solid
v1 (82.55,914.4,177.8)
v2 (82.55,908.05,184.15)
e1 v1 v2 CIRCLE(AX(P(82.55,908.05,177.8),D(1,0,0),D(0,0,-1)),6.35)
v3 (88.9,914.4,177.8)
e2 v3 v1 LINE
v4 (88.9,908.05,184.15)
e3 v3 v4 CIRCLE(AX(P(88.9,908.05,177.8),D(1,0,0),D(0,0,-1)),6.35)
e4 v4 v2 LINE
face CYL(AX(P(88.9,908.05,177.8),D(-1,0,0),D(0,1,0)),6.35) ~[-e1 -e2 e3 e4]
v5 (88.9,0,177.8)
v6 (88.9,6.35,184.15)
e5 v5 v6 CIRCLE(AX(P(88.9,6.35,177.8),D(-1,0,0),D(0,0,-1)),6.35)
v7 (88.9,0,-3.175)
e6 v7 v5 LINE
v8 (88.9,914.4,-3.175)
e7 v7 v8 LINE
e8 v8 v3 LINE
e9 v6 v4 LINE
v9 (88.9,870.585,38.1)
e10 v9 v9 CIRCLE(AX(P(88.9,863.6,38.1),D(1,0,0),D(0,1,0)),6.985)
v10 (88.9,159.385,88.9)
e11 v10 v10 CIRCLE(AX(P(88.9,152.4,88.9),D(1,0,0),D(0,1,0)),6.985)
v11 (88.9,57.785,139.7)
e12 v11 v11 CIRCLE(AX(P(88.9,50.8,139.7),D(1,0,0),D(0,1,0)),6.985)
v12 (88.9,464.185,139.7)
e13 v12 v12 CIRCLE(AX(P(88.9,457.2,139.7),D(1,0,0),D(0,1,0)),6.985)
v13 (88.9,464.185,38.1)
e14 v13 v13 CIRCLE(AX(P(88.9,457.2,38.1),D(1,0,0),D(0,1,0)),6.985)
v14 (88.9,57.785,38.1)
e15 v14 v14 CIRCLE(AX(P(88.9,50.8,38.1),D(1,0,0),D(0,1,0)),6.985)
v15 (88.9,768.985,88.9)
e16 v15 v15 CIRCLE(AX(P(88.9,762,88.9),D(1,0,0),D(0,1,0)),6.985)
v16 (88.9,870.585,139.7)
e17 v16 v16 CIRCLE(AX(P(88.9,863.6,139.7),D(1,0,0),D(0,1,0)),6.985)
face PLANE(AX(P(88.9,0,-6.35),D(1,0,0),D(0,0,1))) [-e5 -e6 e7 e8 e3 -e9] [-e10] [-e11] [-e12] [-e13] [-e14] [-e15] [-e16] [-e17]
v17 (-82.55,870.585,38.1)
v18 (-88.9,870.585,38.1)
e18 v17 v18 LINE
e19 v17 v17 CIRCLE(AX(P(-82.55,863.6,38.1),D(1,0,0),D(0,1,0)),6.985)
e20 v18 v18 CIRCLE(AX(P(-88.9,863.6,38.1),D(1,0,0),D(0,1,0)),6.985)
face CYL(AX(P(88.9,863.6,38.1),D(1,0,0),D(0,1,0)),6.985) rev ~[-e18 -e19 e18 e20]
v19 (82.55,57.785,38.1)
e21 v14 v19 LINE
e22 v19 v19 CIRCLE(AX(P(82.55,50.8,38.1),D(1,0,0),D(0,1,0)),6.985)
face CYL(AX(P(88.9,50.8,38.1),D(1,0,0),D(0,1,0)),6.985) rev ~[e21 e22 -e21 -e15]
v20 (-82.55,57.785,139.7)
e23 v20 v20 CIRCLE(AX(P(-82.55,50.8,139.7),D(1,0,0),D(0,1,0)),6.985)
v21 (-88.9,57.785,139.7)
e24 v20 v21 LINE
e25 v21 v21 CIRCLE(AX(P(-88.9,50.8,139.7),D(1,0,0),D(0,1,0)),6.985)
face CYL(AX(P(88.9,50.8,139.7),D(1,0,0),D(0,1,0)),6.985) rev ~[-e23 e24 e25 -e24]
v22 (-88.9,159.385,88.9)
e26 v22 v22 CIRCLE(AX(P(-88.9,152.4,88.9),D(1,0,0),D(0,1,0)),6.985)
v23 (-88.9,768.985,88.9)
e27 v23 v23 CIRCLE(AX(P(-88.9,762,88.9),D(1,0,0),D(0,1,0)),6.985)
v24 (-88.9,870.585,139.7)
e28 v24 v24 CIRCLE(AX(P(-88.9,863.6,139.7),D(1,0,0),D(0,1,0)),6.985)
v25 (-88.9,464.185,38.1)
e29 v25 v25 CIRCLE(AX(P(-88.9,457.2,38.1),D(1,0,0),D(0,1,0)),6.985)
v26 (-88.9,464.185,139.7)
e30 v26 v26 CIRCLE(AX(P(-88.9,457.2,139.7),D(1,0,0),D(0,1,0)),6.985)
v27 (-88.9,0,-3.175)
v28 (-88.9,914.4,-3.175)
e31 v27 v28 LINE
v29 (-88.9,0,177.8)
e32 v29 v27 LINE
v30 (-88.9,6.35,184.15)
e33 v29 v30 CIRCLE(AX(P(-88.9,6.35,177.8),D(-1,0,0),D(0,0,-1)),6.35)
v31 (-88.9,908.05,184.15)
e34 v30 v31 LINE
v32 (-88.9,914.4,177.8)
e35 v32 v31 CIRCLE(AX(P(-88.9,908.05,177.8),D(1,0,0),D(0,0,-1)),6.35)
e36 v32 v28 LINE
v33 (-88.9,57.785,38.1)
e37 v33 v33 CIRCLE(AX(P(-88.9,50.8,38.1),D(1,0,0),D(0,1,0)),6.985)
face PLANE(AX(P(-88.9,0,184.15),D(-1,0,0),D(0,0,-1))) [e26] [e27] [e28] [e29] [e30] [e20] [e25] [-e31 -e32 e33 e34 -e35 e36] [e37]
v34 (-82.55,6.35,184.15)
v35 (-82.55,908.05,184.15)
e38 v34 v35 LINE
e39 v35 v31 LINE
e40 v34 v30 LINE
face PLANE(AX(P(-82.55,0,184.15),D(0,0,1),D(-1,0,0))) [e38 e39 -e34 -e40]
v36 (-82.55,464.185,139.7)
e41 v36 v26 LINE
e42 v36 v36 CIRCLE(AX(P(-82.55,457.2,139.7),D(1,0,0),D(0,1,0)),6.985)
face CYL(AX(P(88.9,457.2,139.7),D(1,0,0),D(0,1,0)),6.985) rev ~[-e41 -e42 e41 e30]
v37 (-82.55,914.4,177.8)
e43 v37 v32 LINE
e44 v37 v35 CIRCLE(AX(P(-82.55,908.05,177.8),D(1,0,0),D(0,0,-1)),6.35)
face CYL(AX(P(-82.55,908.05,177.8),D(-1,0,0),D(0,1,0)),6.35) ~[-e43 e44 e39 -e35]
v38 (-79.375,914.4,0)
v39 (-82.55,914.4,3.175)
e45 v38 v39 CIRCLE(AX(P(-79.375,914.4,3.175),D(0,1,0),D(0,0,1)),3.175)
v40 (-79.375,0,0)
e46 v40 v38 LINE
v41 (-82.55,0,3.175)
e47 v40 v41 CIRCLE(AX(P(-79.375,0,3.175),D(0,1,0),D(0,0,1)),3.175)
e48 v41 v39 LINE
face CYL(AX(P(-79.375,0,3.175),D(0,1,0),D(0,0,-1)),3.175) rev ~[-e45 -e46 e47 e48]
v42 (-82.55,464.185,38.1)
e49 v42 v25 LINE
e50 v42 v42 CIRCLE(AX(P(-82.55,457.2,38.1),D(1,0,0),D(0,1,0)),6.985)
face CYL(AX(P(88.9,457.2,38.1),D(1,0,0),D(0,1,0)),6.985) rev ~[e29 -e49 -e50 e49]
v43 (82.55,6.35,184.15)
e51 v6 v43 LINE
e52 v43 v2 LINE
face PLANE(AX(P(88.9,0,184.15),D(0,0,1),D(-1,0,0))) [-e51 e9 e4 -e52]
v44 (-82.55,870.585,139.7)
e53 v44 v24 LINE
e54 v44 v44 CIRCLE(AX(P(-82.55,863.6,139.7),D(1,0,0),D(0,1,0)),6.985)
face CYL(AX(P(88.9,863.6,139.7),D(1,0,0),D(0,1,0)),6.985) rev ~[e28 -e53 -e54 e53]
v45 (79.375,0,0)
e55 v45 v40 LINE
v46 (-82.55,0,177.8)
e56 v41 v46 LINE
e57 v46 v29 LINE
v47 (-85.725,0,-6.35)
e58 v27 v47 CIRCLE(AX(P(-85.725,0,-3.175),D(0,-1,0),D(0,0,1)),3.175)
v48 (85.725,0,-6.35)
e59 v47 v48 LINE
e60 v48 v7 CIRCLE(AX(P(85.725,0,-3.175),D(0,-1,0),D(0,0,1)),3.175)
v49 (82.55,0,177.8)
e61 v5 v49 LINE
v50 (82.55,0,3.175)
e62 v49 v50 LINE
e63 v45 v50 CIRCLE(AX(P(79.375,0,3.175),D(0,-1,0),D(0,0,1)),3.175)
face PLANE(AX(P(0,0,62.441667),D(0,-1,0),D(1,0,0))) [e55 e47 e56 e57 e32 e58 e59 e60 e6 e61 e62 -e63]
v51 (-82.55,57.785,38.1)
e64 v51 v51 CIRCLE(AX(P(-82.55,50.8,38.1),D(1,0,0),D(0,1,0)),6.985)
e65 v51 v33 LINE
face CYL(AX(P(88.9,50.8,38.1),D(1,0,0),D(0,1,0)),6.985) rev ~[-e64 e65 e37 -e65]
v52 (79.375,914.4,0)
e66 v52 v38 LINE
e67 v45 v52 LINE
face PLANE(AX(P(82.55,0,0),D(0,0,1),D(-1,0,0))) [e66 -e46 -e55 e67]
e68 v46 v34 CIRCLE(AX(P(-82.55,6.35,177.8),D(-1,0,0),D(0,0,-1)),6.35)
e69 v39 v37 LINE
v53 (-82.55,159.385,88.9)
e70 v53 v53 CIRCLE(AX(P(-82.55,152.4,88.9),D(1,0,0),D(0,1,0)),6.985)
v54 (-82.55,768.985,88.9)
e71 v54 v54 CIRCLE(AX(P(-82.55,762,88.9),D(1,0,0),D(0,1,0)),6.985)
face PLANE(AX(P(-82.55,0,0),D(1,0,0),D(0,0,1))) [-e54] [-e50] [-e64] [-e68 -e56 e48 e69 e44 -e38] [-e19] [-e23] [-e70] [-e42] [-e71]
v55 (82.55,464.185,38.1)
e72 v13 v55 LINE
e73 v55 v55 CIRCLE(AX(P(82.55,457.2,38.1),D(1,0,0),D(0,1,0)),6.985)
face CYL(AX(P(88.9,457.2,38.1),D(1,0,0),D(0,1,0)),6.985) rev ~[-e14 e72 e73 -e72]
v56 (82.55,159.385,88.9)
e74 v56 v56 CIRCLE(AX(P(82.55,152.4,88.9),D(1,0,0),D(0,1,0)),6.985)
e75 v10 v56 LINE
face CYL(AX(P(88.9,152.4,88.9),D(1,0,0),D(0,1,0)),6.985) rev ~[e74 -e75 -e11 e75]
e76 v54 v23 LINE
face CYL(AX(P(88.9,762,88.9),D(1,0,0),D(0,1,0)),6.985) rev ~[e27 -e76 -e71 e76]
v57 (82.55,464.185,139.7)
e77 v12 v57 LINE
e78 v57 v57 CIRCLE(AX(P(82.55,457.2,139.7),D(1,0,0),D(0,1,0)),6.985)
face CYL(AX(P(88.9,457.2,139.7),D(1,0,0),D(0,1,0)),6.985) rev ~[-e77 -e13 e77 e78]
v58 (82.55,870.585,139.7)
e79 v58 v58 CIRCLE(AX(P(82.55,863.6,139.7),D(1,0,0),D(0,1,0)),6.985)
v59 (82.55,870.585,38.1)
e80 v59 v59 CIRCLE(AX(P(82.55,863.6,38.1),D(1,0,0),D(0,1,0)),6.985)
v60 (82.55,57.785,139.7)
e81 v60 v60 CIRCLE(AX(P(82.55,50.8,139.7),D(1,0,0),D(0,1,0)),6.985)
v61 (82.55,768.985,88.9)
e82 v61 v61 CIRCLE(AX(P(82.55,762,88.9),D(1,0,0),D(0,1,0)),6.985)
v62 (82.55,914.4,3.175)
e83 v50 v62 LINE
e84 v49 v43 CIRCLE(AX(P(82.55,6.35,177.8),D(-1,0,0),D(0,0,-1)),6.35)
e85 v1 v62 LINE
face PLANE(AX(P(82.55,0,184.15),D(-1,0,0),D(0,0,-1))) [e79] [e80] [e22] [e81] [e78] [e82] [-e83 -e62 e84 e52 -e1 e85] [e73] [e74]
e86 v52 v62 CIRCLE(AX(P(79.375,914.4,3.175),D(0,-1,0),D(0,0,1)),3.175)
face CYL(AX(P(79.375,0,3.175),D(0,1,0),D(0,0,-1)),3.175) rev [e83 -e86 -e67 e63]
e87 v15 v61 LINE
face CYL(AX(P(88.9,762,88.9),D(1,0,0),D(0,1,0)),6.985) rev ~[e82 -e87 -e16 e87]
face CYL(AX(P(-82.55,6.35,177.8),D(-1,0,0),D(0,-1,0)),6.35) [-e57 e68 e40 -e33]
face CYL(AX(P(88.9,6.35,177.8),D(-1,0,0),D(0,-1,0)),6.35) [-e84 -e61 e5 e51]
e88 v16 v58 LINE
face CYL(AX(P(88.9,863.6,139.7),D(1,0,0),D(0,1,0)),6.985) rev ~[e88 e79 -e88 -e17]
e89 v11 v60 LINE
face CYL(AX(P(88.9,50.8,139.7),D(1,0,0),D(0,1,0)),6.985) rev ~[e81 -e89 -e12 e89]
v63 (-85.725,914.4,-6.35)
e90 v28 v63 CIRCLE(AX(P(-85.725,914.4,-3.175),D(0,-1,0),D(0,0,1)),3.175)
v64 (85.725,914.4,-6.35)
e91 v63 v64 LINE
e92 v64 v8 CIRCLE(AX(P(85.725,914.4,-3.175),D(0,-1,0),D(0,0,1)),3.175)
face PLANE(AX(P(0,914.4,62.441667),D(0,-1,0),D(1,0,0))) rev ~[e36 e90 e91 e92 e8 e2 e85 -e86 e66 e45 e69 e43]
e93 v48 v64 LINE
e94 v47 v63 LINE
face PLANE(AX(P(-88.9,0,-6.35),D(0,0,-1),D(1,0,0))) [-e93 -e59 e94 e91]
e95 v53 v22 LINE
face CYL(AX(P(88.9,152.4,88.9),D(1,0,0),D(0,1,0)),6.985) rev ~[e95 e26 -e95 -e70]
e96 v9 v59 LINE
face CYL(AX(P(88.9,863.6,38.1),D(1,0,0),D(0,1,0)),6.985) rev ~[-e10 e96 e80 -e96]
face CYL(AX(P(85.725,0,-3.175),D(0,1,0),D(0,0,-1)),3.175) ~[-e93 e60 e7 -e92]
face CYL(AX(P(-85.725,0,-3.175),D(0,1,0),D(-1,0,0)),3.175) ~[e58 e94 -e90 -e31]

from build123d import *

# Parameters (mm, degrees)
F1_DEPTH = 914.4
F2_R     = 6.985
F3_DEPTH = 177.801
F4_R     = 3.175
F5_R     = 6.35


with BuildPart() as f1:
    # F0 (on Front) → F1 (new body)
    with BuildSketch(Plane.XZ):
        Polygon((82.55, 0), (-82.55, 0), (-82.55, 184.15), (-88.9, 184.15), (-88.9, -6.35), (88.9, -6.35), (88.9, 184.15), (82.55, 184.15), align=None)
    extrude(amount=-F1_DEPTH)

    # F2 (on face) → F3 (cut, through all)
    with BuildSketch(Plane.YZ.offset(88.9)):
        with Locations((50.8, 139.7)):
            Circle(F2_R)
        with Locations((152.4, 88.9)):
            Circle(F2_R)
        with Locations((457.2, 139.7)):
            Circle(F2_R)
        with Locations((50.8, 38.1)):
            Circle(F2_R)
        with Locations((457.2, 38.1)):
            Circle(F2_R)
        with Locations((762, 88.9)):
            Circle(F2_R)
        with Locations((863.6, 38.1)):
            Circle(F2_R)
        with Locations((863.6, 139.7)):
            Circle(F2_R)
    extrude(amount=-F3_DEPTH, mode=Mode.SUBTRACT)

    # F4
    f4_edges = [f1.edges().sort_by_distance(p)[0] for p in [
        (88.9, 457.2, -6.35),
        (-88.9, 457.2, -6.35),
        (-82.55, 457.2, 0),
        (82.55, 457.2, 0),
    ]]
    fillet(f4_edges, radius=F4_R)

    # F5
    f5_edges = [f1.edges().sort_by_distance(p)[0] for p in [
        (-85.725, 0, 184.15),
        (85.725, 0, 184.15),
        (85.725, 914.4, 184.15),
        (-85.725, 914.4, 184.15),
    ]]
    fillet(f5_edges, radius=F5_R)


solid = f1.part
